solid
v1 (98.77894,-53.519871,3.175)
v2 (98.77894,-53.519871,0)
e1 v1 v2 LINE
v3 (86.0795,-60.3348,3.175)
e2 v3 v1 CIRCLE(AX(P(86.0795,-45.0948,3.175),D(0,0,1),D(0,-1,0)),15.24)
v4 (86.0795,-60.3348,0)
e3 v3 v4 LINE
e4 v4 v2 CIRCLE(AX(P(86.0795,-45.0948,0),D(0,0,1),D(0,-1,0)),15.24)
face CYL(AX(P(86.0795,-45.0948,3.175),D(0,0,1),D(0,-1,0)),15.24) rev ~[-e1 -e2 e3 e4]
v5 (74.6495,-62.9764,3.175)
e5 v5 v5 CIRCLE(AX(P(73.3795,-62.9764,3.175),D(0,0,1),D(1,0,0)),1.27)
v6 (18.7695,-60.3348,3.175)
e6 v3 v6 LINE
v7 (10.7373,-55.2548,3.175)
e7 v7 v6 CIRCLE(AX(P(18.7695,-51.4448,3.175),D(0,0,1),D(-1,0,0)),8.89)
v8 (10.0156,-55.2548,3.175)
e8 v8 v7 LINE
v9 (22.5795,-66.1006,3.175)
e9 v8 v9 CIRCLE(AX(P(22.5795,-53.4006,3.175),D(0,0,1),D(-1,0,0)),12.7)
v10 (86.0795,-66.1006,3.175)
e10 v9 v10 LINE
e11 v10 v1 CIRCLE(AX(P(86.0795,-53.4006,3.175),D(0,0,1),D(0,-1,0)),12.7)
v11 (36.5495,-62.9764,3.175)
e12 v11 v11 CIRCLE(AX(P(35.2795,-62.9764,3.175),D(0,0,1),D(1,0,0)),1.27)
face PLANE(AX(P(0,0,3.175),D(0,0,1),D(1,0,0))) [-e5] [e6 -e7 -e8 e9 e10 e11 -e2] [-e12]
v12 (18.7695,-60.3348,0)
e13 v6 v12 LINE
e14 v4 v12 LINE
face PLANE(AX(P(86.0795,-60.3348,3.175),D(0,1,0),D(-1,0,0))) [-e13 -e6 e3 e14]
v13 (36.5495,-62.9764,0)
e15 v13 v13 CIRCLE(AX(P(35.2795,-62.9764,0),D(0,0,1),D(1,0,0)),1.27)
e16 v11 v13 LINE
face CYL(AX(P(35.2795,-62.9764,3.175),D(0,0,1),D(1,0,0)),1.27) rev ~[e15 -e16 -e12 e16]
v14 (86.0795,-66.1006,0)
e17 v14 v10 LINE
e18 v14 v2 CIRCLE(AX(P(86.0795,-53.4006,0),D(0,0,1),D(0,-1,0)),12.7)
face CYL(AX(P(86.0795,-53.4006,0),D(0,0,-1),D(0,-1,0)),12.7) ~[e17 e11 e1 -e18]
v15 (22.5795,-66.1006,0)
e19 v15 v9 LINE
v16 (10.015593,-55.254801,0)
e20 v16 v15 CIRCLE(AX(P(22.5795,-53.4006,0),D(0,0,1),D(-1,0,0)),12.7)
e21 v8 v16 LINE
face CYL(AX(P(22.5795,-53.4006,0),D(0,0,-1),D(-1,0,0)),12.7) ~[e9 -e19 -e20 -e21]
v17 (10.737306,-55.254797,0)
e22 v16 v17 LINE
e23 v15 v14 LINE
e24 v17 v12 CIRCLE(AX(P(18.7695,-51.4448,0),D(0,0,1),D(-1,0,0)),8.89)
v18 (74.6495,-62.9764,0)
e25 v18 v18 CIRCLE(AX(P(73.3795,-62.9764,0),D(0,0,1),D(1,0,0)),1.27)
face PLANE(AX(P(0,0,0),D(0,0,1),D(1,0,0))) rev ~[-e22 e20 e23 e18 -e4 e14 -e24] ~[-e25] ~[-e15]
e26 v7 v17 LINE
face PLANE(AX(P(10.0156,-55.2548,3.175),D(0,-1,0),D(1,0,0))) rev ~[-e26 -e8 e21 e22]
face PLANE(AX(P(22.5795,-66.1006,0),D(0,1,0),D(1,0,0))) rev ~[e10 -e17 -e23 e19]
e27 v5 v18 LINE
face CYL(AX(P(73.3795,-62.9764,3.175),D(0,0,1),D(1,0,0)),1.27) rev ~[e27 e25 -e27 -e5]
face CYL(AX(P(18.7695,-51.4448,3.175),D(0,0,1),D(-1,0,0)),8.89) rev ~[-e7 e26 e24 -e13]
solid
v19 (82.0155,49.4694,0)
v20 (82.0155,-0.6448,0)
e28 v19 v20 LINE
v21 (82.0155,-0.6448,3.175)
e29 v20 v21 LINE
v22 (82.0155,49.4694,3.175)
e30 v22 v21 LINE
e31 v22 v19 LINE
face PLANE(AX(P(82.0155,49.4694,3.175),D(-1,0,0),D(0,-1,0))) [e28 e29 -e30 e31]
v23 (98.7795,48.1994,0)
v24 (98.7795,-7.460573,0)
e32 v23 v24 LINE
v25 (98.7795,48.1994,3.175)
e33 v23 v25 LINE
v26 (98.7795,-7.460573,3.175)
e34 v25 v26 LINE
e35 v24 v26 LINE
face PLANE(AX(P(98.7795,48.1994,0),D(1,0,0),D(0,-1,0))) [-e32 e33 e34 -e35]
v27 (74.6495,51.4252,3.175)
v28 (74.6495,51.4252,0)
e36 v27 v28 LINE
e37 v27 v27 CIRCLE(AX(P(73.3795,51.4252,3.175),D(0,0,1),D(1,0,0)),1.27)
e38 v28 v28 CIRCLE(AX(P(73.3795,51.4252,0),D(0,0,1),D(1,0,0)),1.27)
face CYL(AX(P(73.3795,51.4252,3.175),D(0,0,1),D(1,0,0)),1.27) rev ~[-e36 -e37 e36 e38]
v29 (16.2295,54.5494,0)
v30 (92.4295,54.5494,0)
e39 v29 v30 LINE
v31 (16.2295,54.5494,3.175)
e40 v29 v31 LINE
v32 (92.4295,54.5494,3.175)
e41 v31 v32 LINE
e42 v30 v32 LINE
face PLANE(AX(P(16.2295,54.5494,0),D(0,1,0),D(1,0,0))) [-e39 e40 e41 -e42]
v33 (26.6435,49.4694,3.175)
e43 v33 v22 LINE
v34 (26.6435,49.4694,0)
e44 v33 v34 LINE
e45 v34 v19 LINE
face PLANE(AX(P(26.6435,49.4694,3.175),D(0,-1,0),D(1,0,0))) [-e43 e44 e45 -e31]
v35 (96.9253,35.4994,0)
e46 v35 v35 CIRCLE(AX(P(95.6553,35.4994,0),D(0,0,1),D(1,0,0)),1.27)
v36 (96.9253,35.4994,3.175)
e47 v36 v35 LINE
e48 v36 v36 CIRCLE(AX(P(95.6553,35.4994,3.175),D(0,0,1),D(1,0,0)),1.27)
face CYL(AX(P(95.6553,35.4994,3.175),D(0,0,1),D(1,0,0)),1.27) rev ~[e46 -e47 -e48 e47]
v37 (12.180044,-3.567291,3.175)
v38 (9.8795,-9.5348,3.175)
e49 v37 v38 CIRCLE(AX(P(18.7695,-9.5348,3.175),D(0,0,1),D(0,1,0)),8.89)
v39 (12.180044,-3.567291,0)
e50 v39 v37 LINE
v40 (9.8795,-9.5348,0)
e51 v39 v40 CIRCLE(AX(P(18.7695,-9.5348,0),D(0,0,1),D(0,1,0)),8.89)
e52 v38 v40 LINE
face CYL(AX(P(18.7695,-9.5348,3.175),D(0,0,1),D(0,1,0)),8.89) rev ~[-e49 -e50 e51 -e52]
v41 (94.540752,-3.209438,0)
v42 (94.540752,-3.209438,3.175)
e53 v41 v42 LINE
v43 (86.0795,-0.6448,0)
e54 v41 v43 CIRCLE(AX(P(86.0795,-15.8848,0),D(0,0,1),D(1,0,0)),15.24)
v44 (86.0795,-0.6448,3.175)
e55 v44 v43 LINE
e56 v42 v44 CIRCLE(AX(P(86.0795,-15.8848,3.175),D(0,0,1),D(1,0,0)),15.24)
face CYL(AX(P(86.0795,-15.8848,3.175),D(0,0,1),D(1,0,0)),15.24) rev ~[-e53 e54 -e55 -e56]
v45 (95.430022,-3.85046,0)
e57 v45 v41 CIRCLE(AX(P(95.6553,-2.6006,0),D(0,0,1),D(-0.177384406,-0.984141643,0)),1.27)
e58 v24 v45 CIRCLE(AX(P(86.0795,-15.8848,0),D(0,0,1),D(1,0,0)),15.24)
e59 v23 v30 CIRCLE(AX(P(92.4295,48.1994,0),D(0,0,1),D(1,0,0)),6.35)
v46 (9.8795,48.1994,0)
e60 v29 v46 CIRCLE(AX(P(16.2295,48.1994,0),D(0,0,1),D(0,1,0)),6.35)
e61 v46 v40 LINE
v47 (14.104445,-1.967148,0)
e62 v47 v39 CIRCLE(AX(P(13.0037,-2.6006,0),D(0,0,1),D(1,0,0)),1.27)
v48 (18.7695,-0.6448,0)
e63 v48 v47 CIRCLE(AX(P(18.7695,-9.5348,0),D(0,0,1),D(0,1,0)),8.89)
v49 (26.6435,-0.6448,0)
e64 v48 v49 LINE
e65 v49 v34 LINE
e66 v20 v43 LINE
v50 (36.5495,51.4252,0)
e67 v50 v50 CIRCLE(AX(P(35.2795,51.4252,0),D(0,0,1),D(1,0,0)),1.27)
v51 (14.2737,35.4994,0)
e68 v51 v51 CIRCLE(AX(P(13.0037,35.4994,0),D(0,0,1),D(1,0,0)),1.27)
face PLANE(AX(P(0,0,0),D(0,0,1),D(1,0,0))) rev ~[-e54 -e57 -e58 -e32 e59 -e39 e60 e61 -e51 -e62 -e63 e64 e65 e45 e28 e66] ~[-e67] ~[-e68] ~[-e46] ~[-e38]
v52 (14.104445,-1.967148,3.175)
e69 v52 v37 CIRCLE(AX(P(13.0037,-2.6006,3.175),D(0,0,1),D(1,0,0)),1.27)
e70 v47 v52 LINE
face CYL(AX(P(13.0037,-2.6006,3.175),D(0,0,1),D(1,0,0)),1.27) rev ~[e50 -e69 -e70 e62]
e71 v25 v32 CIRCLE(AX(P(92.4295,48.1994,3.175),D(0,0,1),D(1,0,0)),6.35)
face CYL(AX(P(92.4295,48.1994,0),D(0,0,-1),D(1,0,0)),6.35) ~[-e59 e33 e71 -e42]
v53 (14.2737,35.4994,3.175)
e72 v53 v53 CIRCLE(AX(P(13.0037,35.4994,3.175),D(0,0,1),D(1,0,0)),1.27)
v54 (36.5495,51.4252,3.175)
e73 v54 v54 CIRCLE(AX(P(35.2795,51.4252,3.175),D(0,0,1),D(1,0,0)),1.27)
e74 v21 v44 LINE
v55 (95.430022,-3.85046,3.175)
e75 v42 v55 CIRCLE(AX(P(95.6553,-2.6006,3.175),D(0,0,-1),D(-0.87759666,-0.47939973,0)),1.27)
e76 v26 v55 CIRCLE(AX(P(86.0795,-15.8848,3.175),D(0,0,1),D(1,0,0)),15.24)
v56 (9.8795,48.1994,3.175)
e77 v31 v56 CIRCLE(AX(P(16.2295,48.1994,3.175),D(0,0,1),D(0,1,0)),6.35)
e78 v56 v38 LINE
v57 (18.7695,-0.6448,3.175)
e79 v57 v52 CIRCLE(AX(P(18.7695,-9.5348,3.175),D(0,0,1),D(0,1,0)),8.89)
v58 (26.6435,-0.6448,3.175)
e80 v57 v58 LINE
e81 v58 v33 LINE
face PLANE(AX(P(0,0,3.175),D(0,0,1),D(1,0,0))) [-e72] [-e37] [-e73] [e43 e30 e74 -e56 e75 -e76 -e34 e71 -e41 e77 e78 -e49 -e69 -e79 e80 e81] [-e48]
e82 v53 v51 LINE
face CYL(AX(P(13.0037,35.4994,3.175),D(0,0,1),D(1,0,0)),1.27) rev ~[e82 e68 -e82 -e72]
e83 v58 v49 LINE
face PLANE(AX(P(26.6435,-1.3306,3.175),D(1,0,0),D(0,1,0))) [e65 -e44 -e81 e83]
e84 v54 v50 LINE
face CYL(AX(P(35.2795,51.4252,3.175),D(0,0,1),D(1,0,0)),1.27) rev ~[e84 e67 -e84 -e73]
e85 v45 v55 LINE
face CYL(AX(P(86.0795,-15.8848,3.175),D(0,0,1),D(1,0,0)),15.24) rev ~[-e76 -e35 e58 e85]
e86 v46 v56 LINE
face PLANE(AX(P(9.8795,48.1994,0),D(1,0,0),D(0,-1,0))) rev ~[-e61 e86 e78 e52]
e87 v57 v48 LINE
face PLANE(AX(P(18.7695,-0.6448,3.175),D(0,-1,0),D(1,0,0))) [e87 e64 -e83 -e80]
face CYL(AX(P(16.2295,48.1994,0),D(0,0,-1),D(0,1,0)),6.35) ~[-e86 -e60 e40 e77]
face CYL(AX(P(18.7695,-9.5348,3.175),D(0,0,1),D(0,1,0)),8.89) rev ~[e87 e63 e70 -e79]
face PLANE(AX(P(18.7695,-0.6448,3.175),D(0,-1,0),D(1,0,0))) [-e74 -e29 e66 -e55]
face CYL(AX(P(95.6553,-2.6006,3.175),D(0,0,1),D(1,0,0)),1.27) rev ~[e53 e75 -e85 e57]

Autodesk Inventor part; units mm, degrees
ref_plane "YZ Plane" through (0, 0, 0) normal (1, 0, 0) x (0, 1, 0)
ref_plane "XZ Plane" through (0, 0, 0) normal (0, 1, 0) x (-1, 0, 0)
ref_plane "XY Plane" through (0, 0, 0) normal (0, 0, 1) x (1, 0, 0)
sketch "Sketch1" plane through (0, 0, 0) normal (0, 0, 1) x (1, 0, 0)
  line L0 (9.8795, 48.1994) -> (9.8795, -53.4006)
  line L1 (16.2295, 54.5494) -> (92.4295, 54.5494)
  line L2 (98.7795, 48.1994) -> (98.7795, -53.4006)
  line L3 (22.5795, -66.1006) -> (86.0795, -66.1006)
  arc A0 (9.8795, -53.4006) -> (22.5795, -66.1006) centre (22.5795, -53.4006) ccw
  arc A1 (16.2295, 54.5494) -> (9.8795, 48.1994) centre (16.2295, 48.1994) ccw
  arc A2 (98.7795, 48.1994) -> (92.4295, 54.5494) centre (92.4295, 48.1994) ccw
  arc A3 (86.0795, -66.1006) -> (98.7795, -53.4006) centre (86.0795, -53.4006) ccw
  point P0 (0, 0)
  dimension "d0" = 12.7
  dimension "d1" = 6.35
  dimension "d2" = 120.65
  dimension "d3" = 88.9
extrude "Extrusion1" add sketch "Sketch1" along normal blind 3.175
sketch "Sketch2" plane through (0, 0, 3.175) normal (0, 0, 1) x (1, 0, 0)
  line L0 (9.8795, -53.4006) -> (9.8795, 48.1994) projected
  line L1 (98.7795, 48.1994) -> (98.7795, -53.4006) projected
  line L2 (16.2295, 54.5494) -> (92.4295, 54.5494) projected
  line L3 (26.6435, 49.4694) -> (82.0155, 49.4694)
  line L4 (82.0155, 49.4694) -> (82.0155, -1.3306)
  line L5 (82.0155, -1.3306) -> (26.6435, -1.3306)
  line L6 (26.6435, -1.3306) -> (26.6435, 49.4694)
  point P0 (0, 0)
  dimension "d13" = 16.764
  dimension "d14" = 16.764
  dimension "d15" = 5.08
  dimension "d16" = 55.88
extrude "Extrusion2" cut sketch "Sketch2" against normal through all
sketch "Sketch8" plane through (0, 0, 3.175) normal (0, 0, 1) x (1, 0, 0)
  line L0 (82.0155, -1.3306) -> (26.6435, -1.3306) projected
  line L1 (9.8795, -53.4006) -> (9.8795, 48.1994) projected
  line L2 (98.7795, 48.1994) -> (98.7795, -53.4006) projected
  line L3 (18.7695, -2.6006) -> (86.0795, -2.6006)
  line L4 (12.3173, -6.9948) -> (9.8795, -6.9948)
  arc A0 (86.1117, -10.6693) -> (86.0795, -10.656) centre (83.9402, -15.8848) ccw
  line L5 (86.0795, -66.1006) -> (22.5795, -66.1006) projected
  arc A1 (18.7695, -2.6006) -> (12.3173, -6.9948) centre (18.7695, -9.5348) ccw
  arc A2 (9.8795, -51.4448) -> (18.7695, -60.3348) centre (18.7695, -51.4448) ccw
  arc A3 (86.0795, -60.3348) -> (98.7795, -53.519) centre (86.0795, -45.0948) ccw
  line L6 (86.0795, -60.3348) -> (18.7695, -60.3348)
  arc A4 (98.7795, -15.3006) -> (86.0795, -2.6006) centre (86.0795, -15.3006) ccw
  line L7 (9.8795, -6.9948) -> (9.8795, -51.4448)
  line L8 (98.7795, -15.3006) -> (98.7795, -53.519)
  point P0 (0, 0)
  dimension "d70" = 1.27
  dimension "d89" = 8.89
  dimension "d90" = 56.5658
  dimension "d95" = 8.89
  dimension "d96" = 14.6558
  dimension "d101" = 12.7
  dimension "d102" = 21.0058
  dimension "d103" = 12.7
  dimension "d104" = 50.2158
  dimension "d105" = 5.7658
  dimension "d107" = 59.1058
extrude "Extrusion16" [suppressed]
sketch "Sketch9" plane through (0, 0, 3.175) normal (0, 0, 1) x (1, 0, 0)
  line L0 (9.8795, -53.4006) -> (9.8795, 48.1994) projected
  line L1 (86.0795, -66.1006) -> (22.5795, -66.1006) projected
  line L2 (98.7795, 48.1994) -> (98.7795, -53.4006) projected
  arc A0 (18.7695, -3.1848) -> (12.4195, -9.5348) centre (18.7695, -9.5348) ccw
  arc A1 (98.7795, -15.8848) -> (86.0795, -3.1848) centre (86.0795, -15.8848) ccw
  arc A2 (12.4195, -51.4448) -> (18.7695, -57.7948) centre (18.7695, -51.4448) ccw
  arc A3 (86.0795, -57.7948) -> (98.7795, -45.0948) centre (86.0795, -45.0948) ccw
  line L3 (18.7695, -3.1848) -> (86.0795, -3.1848)
  line L4 (98.7795, -15.8848) -> (98.7795, -45.0948)
  line L5 (86.0795, -57.7948) -> (18.7695, -57.7948)
  line L6 (12.4195, -51.4448) -> (12.4195, -9.5348)
  arc A4 (101.3195, -15.8848) -> (86.0795, -0.6448) centre (86.0795, -15.8848) ccw
  line L7 (101.3195, -15.8848) -> (101.3195, -45.0948)
  arc A5 (86.0795, -60.3348) -> (101.3195, -45.0948) centre (86.0795, -45.0948) ccw
  line L8 (86.0795, -60.3348) -> (18.7695, -60.3348)
  arc A6 (9.8795, -51.4448) -> (18.7695, -60.3348) centre (18.7695, -51.4448) ccw
  line L9 (9.8795, -51.4448) -> (9.8795, -9.5348)
  arc A7 (18.7695, -0.6448) -> (9.8795, -9.5348) centre (18.7695, -9.5348) ccw
  line L10 (18.7695, -0.6448) -> (86.0795, -0.6448)
  point P0 (0, 0)
  dimension "d110" = 6.35
  dimension "d111" = 6.35
  dimension "d112" = 12.7
  dimension "d113" = 12.7
  dimension "d114" = 54.61
  dimension "d115" = 86.36
  dimension "d116" = 8.3058
extrude "Extrusion17" cut sketch "Sketch9" against normal through all contours L2 A3 L5 A2 L6 A0 L3 A1 | L0 A7 L10 A4 L7 A5 L8 A6
sketch "Sketch10" plane through (0, 0, 3.175) normal (0, 0, 1) x (1, 0, 0)
  arc A0 (9.8795, -51.4448) -> (18.7695, -60.3348) centre (18.7695, -51.4448) ccw projected
  line L0 (9.8795, -53.4006) -> (9.8795, -51.4448) projected
  arc A1 (9.8795, -53.4006) -> (22.5795, -66.1006) centre (22.5795, -53.4006) ccw projected
  line L1 (10.0156, -55.2548) -> (10.7373, -55.2548)
  point P0 (0, 0)
  dimension "d119" = 3.81
extrude "Extrusion18" cut sketch "Sketch10" against normal through all
sketch "Sketch11" plane through (0, 0, 3.175) normal (0, 0, 1) x (1, 0, 0)
  line L0 (98.7795, 48.1994) -> (98.7795, -7.4606) projected
  line L1 (16.2295, 54.5494) -> (92.4295, 54.5494) projected
  line L2 (9.8795, -9.5348) -> (9.8795, 48.1994) projected
  circle A0 centre (13.0037, 35.4994) radius 1.27
  circle A1 centre (13.0037, -2.6006) radius 1.27
  circle A2 centre (35.2795, 51.4252) radius 1.27
  circle A3 centre (73.3795, 51.4252) radius 1.27
  circle A4 centre (95.6553, 35.4994) radius 1.27
  circle A5 centre (95.6553, -2.6006) radius 1.27
  circle A6 centre (73.3795, -62.9764) radius 1.27
  circle A7 centre (35.2795, -62.9764) radius 1.27
  line L3 (86.0795, -66.1006) -> (22.5795, -66.1006) projected
  point P0 (0, 0)
  dimension "d122" = 3.1242
  dimension "d123" = 3.1242
  dimension "d124" = 3.1242
  dimension "d125" = 2.54
  dimension "d126" = 19.05
  dimension "d127" = 3.1242
  dimension "d129" = 38.1
  dimension "d130" = 25.4
  dimension "d131" = 38.1
extrude "Extrusion19" cut sketch "Sketch11" against normal through all
equation "\"d14\" = d13"
properties part number "beagle_spacer_top"
